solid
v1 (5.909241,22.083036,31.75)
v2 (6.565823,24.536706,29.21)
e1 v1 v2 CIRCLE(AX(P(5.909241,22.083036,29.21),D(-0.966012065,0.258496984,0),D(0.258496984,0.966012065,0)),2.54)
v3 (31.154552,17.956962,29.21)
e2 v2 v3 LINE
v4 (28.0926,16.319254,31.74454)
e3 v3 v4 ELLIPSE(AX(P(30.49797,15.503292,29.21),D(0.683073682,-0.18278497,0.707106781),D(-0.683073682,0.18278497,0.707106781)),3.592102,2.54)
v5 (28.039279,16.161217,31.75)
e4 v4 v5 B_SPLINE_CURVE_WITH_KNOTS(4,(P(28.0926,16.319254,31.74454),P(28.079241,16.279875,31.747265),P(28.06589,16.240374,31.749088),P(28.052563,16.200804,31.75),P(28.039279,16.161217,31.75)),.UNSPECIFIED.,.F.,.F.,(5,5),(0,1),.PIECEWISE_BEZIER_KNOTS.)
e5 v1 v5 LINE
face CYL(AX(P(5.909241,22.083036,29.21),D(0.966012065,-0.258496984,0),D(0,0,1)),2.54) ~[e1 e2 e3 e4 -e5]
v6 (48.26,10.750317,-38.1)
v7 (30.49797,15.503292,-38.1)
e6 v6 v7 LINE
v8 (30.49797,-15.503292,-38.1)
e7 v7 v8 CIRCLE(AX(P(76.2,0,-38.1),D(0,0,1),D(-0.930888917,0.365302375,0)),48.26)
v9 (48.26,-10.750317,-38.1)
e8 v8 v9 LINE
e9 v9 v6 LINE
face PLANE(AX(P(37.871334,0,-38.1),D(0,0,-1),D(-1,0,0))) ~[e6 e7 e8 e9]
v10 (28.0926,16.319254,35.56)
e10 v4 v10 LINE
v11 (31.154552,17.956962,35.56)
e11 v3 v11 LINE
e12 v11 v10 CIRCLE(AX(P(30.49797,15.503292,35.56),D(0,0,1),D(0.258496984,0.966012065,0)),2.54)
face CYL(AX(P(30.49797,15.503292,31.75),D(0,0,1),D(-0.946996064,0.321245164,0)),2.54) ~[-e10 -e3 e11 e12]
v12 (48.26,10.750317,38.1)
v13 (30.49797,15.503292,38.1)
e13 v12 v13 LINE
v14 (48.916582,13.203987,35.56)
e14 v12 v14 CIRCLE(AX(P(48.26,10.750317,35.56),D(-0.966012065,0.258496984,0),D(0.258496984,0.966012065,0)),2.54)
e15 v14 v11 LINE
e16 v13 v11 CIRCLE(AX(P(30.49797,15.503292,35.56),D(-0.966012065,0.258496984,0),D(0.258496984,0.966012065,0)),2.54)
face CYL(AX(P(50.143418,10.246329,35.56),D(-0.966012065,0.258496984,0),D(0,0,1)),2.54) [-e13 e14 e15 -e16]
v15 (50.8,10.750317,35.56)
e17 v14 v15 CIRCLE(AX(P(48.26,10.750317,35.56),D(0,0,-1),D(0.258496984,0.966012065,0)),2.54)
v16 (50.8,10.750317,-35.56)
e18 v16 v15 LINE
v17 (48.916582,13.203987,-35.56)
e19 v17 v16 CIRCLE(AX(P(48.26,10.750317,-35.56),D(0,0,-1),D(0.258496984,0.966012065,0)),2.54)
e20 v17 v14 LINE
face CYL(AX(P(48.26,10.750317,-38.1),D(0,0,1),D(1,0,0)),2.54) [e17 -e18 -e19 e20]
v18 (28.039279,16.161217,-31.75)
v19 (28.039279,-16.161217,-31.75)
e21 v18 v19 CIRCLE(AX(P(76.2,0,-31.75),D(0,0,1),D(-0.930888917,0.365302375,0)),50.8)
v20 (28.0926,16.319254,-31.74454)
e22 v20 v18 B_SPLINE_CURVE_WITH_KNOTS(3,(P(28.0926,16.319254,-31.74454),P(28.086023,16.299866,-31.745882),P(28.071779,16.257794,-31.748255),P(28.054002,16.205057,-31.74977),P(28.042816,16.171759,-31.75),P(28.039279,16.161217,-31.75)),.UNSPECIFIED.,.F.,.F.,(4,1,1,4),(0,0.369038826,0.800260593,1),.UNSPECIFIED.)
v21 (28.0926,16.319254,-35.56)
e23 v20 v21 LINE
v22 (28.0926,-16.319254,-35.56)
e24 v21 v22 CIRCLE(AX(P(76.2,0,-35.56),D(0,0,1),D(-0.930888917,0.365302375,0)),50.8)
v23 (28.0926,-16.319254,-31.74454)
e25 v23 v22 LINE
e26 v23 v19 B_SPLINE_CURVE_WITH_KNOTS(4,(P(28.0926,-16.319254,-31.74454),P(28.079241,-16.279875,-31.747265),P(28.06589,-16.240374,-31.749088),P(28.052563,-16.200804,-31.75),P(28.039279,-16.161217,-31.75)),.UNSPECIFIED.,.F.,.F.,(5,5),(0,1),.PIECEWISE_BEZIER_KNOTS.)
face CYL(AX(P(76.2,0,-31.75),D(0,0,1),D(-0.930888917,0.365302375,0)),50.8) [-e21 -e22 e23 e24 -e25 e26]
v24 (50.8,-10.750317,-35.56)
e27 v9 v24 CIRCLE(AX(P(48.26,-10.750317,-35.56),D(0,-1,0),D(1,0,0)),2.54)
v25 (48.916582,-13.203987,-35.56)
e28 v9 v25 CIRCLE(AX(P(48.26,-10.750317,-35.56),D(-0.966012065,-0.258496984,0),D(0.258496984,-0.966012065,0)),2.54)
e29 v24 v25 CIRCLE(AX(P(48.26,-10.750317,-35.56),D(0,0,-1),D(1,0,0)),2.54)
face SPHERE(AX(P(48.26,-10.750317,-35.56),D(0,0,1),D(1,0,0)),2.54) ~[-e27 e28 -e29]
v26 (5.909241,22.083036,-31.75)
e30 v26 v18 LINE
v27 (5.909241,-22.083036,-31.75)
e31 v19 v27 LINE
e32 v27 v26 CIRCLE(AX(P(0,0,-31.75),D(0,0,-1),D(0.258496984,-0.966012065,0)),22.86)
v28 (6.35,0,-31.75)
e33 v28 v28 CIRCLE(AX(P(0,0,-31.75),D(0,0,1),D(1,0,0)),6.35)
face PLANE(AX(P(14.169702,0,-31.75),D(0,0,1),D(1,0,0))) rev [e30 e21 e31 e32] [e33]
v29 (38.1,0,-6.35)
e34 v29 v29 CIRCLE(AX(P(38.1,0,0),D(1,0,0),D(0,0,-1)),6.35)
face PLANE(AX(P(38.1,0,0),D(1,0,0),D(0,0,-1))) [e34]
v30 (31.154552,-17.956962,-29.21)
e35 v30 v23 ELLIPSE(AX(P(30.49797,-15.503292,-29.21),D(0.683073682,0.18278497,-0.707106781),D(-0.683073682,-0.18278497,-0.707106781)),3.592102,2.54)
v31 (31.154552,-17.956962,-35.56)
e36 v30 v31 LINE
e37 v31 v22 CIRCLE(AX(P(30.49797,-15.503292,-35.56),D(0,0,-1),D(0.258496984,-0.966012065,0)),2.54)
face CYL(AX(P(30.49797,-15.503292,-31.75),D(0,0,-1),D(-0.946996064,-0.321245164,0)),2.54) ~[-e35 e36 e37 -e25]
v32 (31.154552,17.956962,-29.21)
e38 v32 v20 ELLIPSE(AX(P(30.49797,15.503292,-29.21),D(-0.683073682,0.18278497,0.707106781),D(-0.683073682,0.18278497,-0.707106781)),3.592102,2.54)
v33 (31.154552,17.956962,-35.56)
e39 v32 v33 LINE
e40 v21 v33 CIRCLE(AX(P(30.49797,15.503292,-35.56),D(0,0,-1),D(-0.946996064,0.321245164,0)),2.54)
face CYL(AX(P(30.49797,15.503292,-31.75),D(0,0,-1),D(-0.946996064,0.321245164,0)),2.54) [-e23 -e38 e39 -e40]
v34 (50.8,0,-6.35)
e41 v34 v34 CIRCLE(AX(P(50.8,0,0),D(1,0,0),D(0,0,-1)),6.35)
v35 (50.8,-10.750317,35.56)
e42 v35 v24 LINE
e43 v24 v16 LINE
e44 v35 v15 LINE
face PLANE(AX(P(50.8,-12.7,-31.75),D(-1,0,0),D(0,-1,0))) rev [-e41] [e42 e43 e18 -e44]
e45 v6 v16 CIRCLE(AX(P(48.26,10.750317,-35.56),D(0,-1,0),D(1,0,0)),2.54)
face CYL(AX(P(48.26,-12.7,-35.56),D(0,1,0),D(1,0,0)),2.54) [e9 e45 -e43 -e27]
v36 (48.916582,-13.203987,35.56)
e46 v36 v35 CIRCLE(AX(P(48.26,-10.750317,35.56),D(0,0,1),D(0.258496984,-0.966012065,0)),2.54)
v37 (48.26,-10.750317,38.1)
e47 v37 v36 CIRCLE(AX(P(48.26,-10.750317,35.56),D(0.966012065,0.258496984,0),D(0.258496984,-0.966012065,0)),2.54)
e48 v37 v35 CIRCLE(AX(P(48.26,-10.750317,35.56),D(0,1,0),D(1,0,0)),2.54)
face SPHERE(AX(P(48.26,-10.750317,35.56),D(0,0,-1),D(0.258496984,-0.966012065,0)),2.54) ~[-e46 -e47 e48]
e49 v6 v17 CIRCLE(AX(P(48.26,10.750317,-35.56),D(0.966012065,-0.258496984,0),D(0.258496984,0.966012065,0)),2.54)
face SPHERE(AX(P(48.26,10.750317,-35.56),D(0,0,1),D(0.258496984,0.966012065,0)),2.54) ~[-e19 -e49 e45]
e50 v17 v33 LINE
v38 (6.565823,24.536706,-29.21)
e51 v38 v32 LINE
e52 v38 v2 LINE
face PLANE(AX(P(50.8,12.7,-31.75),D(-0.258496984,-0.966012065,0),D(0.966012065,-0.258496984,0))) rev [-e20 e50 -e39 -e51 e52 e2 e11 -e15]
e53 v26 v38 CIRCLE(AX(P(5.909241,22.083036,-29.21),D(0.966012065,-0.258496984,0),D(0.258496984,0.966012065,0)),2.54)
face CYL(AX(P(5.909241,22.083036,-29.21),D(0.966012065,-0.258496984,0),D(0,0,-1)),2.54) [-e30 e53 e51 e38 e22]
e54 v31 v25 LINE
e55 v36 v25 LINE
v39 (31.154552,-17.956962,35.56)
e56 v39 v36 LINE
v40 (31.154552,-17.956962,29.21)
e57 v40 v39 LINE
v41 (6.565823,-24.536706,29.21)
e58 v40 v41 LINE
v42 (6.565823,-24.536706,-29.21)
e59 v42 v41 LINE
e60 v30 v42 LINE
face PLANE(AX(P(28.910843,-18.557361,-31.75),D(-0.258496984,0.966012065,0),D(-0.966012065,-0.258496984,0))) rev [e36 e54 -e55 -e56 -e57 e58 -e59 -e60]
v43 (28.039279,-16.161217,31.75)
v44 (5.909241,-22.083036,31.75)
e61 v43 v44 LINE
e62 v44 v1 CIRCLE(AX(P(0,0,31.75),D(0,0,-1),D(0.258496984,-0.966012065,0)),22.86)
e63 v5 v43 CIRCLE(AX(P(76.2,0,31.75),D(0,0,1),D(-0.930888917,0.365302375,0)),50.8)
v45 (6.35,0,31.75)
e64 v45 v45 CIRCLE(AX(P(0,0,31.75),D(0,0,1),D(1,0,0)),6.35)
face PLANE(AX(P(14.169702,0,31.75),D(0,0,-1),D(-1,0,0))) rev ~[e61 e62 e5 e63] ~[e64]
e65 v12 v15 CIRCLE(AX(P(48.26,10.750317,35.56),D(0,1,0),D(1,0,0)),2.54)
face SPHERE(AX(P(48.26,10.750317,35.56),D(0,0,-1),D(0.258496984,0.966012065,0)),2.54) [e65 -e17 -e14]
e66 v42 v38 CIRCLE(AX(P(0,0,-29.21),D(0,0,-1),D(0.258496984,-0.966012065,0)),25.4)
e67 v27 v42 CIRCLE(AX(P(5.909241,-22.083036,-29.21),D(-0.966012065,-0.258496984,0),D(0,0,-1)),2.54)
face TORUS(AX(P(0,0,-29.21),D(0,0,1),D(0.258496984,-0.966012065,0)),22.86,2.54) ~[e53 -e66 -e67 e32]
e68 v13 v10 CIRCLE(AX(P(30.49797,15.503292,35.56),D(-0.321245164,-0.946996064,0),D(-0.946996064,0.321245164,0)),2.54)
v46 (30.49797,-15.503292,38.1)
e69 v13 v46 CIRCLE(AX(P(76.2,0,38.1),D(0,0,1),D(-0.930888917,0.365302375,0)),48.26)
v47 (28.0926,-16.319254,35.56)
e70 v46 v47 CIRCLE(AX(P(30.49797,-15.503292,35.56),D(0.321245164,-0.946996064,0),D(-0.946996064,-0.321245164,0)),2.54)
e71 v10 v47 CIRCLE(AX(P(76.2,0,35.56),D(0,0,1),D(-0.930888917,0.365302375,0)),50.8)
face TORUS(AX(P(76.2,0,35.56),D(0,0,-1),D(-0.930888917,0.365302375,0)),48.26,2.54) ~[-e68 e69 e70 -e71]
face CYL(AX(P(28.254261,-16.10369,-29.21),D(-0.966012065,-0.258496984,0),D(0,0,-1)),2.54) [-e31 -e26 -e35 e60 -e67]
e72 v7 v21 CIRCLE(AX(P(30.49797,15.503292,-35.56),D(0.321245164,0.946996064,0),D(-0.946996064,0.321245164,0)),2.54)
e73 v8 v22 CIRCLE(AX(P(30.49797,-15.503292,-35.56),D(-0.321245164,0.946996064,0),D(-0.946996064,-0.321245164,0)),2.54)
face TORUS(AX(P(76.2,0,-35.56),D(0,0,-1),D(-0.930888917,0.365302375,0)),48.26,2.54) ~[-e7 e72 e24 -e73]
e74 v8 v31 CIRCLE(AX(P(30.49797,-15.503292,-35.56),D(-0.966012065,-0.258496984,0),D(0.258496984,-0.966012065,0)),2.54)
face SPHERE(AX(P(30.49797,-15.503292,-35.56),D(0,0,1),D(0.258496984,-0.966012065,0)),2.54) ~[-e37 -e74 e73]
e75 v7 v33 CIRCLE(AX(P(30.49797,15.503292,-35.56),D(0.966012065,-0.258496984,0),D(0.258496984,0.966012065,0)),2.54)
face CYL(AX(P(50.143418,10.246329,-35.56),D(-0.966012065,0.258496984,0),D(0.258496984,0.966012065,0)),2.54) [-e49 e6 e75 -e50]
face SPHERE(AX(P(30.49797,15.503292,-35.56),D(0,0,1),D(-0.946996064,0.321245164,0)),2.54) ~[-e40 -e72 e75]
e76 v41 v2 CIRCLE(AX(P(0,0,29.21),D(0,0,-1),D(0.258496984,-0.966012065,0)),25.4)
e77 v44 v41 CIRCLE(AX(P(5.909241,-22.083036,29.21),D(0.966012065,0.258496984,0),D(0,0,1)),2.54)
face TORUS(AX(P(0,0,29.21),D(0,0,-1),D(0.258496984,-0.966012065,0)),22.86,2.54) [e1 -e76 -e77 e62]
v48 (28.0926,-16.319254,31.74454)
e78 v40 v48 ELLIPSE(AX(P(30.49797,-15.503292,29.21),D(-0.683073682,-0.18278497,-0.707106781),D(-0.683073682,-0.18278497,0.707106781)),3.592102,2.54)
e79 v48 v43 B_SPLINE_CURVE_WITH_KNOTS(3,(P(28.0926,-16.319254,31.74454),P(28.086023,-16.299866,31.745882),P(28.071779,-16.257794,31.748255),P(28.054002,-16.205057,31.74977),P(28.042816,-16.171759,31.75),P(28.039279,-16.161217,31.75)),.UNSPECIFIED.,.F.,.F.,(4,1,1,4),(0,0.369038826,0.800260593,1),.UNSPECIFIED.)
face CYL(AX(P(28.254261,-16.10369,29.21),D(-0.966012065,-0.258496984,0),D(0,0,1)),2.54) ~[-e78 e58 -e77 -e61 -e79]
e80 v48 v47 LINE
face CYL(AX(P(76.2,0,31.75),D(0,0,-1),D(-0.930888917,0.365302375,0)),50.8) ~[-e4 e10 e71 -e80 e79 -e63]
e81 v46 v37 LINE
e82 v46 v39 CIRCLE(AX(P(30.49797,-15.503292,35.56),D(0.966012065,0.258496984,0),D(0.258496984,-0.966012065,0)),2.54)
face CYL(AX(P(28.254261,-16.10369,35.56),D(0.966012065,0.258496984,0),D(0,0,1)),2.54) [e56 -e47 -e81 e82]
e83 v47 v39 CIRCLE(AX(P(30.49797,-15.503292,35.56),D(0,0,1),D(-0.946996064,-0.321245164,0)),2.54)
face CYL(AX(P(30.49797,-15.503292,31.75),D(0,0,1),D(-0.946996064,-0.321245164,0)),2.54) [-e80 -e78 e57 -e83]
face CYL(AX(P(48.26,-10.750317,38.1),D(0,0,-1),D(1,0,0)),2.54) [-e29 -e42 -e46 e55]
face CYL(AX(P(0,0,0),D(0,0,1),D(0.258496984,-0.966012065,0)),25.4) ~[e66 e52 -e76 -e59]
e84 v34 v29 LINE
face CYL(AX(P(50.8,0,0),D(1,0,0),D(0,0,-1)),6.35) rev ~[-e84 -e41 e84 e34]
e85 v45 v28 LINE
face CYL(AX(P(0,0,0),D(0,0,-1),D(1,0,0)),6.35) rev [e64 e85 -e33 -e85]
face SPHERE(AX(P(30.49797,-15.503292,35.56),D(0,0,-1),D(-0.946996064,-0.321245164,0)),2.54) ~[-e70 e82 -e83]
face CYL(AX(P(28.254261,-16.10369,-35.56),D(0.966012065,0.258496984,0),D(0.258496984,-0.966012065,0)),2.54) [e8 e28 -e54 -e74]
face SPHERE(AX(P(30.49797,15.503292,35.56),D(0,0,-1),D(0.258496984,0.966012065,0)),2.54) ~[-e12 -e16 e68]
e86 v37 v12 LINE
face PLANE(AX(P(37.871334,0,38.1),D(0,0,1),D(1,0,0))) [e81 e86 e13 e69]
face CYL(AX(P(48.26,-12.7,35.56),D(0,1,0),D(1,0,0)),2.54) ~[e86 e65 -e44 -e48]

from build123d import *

# Parameters (mm, degrees)
SKETCH1_R           = 6.35
BOSS_EXTRUDE1_DEPTH = 31.75
BOSS_EXTRUDE2_DEPTH = 6.35
SKETCH3_R           = 6.35
CUT_EXTRUDE1_DEPTH  = 12.7
FILLET1_R           = 2.54


with BuildPart() as part:
    # Sketch1 → Boss-Extrude1 (new body)
    with BuildSketch(Plane.XY):
        with BuildLine():
            Line((6.565823388424392, 24.536706446302436), (50.800000000000004, 12.699999999999978))
            Line((50.800000000000004, 12.699999999999978), (50.800000000000004, -12.70000000000002))
            Line((50.800000000000004, -12.70000000000002), (6.565823388424392, -24.536706446302436))
            ThreePointArc((6.565823388424392, -24.536706446302436), (-25.400000000000006, 3.11e-15), (6.565823388424392, 24.536706446302436))
        make_face()
        Circle(SKETCH1_R, mode=Mode.SUBTRACT)
    boss_extrude1 = extrude(amount=BOSS_EXTRUDE1_DEPTH)

    # Sketch2 → Boss-Extrude2 (add)
    with BuildSketch(Plane.XY.offset(31.75)):
        with BuildLine():
            Line((50.80000000000001, -12.700000000000014), (50.800000000000004, 12.699999999999978))
            Line((50.800000000000004, 12.699999999999978), (28.910843041272116, 18.557360645652828))
            ThreePointArc((28.910843041272116, 18.557360645652825), (26.285427110394792, 9.443273439243344), (25.399999999999693, 0))
            ThreePointArc((25.399999999999693, 0), (26.285427110394785, -9.443273439243356), (28.910843041272116, -18.557360645652846))
            Line((28.910843041272113, -18.557360645652846), (50.80000000000001, -12.700000000000015))
        make_face()
    boss_extrude2 = extrude(amount=BOSS_EXTRUDE2_DEPTH)

    # Mirror1: Boss-Extrude1, Boss-Extrude2 across plane
    add(boss_extrude1.mirror(Plane.XY))
    add(boss_extrude2.mirror(Plane.XY))

    # Sketch3 → Cut-Extrude1 (cut)
    with BuildSketch(Plane(origin=(50.800000000000004, 0, 0), x_dir=(0, 0, -1), z_dir=(1, 0, 0))):
        Circle(SKETCH3_R)
    extrude(amount=-CUT_EXTRUDE1_DEPTH, mode=Mode.SUBTRACT)

    # Fillet1
    fillet1_edges = [part.edges().sort_by_distance(p)[0] for p in [
        (50.800000000000004, 12.699999999999978, 0),
        (50.80000000000001, -12.700000000000014, 0),
        (17.738333214848257, 21.54703354597763, 31.75),
        (-25.40000000000001, 5.33e-15, 31.75),
        (28.910843041272116, 18.557360645652828, 34.925),
        (28.910843041272116, -18.557360645652842, 34.925),
        (39.85542152063606, 15.628680322826403, 38.1),
        (25.3999999999997, -8.88e-15, 38.1),
        (39.855421520636064, -15.62868032282643, 38.1),
        (17.738333214848254, -21.54703354597764, 31.75),
        (50.80000000000001, -1.776e-14, 38.1),
        (17.738333214848254, -21.54703354597764, -31.75),
        (-25.40000000000001, 5.33e-15, -31.75),
        (17.738333214848257, 21.54703354597763, -31.75),
        (39.85542152063606, 15.628680322826403, -38.1),
        (28.910843041272116, 18.557360645652828, -34.925),
        (50.80000000000001, -1.776e-14, -38.1),
        (39.855421520636064, -15.62868032282643, -38.1),
        (25.3999999999997, -8.88e-15, -38.1),
        (28.910843041272116, -18.557360645652842, -34.925),
    ]]
    fillet(fillet1_edges, radius=FILLET1_R)


solid = part.part
